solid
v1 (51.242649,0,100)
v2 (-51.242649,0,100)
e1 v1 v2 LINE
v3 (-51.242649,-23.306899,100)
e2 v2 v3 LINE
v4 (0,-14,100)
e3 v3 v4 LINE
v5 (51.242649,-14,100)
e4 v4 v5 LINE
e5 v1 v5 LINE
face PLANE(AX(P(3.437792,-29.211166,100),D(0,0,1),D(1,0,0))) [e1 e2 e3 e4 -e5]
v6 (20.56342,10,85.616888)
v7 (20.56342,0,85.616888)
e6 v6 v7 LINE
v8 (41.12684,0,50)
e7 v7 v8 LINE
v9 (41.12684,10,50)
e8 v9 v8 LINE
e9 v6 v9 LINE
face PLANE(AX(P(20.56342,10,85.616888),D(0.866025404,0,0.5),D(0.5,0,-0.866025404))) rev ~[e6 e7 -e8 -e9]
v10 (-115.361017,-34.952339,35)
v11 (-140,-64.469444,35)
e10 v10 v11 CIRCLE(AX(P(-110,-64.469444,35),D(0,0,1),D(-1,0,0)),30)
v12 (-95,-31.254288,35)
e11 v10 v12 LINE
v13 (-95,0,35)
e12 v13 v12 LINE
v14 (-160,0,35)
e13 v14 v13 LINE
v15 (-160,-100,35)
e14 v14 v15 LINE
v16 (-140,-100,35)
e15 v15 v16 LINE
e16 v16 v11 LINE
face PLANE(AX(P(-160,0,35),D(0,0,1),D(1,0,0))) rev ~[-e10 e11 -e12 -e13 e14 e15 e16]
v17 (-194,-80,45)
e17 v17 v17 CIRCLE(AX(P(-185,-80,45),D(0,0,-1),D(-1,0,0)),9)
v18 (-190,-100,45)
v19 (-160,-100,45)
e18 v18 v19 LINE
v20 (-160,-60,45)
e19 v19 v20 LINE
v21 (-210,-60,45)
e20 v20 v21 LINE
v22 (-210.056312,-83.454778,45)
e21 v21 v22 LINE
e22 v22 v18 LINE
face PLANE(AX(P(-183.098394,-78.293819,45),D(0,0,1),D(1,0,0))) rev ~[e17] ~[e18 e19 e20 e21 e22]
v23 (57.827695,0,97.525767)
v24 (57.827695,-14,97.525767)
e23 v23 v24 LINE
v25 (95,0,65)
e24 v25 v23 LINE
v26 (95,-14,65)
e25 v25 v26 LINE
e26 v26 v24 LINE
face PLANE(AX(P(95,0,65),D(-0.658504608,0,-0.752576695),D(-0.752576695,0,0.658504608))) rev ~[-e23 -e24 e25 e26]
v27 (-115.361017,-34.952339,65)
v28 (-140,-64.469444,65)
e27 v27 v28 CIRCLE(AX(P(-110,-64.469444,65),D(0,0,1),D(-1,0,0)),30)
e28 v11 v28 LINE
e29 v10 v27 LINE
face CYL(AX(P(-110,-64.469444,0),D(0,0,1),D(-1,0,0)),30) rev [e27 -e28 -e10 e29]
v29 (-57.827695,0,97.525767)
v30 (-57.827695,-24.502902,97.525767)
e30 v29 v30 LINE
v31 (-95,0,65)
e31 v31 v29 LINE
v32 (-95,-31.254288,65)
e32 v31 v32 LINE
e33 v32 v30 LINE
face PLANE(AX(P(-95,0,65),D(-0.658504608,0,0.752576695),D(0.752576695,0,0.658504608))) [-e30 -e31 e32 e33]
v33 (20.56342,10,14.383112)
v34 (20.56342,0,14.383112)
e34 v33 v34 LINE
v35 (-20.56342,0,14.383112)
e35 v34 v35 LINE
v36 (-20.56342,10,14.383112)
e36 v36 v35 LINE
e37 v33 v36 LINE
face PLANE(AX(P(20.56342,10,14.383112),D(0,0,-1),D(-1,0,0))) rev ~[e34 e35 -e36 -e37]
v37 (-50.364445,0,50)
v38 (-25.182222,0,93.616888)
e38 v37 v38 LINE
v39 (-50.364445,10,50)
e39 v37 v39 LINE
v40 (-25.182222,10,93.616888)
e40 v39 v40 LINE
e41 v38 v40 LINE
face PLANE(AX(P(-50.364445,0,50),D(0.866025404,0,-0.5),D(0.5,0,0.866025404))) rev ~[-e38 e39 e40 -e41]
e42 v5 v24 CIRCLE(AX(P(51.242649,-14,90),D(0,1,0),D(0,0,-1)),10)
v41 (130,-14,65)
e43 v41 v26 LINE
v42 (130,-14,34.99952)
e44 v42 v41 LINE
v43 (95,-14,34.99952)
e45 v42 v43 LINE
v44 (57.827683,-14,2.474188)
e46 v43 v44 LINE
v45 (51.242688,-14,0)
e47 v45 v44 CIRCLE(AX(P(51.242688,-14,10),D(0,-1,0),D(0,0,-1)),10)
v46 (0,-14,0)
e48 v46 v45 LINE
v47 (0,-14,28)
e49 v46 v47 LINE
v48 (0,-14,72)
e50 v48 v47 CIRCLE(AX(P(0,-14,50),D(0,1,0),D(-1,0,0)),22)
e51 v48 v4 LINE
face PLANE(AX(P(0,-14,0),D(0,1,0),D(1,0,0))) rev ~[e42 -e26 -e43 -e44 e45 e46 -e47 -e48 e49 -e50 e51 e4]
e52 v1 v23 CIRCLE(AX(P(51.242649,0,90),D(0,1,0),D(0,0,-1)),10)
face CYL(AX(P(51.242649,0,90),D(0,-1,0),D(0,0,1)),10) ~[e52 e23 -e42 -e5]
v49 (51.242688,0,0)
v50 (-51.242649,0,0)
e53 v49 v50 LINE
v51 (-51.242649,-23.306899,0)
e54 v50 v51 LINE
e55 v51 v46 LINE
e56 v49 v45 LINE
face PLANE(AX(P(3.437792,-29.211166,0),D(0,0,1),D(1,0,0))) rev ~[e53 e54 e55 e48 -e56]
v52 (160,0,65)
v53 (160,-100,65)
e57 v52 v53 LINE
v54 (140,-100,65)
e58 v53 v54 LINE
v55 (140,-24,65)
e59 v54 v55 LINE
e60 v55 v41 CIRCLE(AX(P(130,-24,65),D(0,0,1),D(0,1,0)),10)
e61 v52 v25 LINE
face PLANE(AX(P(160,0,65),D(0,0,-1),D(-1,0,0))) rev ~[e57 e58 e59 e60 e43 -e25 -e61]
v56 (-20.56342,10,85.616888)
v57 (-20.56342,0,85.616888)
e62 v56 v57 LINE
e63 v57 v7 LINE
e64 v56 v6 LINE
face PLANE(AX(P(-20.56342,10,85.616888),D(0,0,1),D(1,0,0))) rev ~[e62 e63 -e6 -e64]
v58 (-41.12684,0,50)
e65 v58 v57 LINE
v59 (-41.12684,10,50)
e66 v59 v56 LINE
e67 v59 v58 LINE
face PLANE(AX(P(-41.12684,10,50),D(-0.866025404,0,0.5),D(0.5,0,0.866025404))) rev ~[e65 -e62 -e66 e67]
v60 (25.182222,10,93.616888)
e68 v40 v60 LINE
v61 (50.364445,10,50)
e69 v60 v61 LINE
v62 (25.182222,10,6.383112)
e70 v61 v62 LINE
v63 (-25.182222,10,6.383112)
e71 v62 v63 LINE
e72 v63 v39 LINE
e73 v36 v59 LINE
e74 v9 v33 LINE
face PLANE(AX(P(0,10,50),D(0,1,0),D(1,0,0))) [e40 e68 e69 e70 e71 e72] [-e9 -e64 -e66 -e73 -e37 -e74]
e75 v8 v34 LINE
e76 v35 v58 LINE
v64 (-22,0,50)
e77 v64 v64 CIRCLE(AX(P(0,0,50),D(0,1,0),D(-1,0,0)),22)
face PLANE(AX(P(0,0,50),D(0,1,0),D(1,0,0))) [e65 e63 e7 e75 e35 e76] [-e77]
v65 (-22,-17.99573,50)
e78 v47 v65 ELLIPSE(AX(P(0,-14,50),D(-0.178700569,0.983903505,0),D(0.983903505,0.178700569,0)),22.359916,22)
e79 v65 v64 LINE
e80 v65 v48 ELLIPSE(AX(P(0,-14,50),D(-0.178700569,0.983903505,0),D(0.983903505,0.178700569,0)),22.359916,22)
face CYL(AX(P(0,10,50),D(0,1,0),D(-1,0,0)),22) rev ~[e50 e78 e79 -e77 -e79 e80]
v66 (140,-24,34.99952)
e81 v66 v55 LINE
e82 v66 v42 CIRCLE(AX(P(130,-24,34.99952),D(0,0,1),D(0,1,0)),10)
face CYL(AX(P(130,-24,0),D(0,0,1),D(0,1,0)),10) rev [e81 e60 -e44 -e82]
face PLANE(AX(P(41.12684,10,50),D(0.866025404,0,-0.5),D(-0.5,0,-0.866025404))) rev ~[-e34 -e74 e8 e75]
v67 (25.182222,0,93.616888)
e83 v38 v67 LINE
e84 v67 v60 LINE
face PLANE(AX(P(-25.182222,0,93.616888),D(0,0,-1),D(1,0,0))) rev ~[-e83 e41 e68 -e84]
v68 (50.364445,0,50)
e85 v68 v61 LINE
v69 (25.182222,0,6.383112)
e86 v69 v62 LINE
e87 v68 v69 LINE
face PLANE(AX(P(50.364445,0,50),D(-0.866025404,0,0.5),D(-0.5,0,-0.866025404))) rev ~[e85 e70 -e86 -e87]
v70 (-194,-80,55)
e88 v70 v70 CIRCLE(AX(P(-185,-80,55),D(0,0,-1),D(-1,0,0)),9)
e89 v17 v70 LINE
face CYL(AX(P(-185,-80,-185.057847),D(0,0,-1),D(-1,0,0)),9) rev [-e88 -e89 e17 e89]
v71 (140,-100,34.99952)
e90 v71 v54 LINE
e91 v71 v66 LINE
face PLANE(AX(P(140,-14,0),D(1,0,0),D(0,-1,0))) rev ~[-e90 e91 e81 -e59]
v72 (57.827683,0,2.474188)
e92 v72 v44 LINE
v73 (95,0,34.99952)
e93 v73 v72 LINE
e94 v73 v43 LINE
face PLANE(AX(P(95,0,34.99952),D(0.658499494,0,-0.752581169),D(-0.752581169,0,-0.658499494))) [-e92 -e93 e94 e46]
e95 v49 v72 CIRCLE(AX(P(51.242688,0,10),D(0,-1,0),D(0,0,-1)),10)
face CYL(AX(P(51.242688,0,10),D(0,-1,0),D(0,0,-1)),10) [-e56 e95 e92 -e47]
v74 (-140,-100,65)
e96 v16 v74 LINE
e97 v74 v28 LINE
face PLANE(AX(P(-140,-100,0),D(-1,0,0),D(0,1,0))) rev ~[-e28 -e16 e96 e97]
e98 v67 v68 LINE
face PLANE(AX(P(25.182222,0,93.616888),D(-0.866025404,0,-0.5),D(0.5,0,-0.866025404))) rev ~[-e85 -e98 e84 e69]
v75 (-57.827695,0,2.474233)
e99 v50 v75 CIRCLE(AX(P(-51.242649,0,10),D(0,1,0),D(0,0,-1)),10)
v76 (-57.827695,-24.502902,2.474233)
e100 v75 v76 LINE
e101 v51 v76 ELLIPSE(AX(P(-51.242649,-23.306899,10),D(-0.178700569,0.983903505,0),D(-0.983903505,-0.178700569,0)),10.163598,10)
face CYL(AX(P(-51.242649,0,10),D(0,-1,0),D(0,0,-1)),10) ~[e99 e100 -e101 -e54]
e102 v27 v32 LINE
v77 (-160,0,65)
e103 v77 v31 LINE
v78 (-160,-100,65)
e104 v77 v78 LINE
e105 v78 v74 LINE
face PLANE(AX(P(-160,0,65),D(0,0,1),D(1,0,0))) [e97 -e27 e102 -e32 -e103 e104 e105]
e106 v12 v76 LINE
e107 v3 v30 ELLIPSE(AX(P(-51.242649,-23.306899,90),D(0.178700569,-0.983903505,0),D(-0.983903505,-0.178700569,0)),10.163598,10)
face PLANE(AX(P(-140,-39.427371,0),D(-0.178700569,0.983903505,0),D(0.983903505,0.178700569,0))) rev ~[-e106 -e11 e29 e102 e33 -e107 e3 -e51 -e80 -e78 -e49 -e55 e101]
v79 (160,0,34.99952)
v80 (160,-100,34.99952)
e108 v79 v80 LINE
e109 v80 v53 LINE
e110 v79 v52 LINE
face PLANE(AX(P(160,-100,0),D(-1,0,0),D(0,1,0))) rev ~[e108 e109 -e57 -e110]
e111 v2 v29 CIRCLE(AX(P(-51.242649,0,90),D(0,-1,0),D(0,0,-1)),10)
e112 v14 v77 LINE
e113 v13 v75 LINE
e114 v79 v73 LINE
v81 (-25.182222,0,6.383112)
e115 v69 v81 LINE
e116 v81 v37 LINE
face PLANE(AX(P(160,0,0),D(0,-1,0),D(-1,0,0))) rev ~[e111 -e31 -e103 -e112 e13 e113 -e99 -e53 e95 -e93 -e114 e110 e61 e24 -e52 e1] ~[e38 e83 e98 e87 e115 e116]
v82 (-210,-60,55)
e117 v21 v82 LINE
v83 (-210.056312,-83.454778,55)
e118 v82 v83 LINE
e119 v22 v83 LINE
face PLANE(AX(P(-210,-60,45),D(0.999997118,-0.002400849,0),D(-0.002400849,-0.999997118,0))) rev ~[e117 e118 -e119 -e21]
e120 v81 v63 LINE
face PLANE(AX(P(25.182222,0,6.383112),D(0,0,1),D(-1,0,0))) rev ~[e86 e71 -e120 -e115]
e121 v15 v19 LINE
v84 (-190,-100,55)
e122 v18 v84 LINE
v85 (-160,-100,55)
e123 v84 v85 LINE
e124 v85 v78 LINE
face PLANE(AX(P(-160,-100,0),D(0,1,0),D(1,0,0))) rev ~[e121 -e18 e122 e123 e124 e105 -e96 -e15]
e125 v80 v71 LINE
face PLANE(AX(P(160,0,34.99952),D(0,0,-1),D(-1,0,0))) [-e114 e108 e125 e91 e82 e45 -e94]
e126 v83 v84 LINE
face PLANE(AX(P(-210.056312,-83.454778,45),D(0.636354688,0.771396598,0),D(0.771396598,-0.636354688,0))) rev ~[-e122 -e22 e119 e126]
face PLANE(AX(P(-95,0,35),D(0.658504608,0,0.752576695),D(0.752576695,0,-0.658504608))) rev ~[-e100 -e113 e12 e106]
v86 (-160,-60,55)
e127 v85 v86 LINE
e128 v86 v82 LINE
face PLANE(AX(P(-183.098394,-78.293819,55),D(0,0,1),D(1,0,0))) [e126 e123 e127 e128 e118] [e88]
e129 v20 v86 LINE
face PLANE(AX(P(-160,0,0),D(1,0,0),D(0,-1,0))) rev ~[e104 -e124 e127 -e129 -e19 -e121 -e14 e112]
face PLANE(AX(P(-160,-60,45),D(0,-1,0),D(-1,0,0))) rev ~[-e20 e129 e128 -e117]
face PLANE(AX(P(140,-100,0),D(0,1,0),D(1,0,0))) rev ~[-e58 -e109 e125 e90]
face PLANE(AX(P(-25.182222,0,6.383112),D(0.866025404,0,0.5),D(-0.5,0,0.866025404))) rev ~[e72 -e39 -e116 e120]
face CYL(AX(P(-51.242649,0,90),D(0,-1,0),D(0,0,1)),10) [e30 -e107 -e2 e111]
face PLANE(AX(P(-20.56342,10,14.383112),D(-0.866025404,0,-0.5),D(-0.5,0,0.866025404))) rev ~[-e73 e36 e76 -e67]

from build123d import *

# Parameters (mm, degrees)
BOSS_EXTRUDE1_DEPTH      = 100
FILLET1_R                = 30
FILLET2_R                = 10
CUT_EXTRUDE1_DEPTH       = 100
CUT_EXTRUDE2_DEPTH       = 100
CUT_EXTRUDE3_DEPTH       = 100
CUT_EXTRUDE4_DEPTH       = 100
FILLET3_R                = 10
SKETCH9_R                = 22
CUT_EXTRUDE5_DEPTH       = 100
BOSS_EXTRUDE2_DEPTH      = 10
SKETCH11_R               = 22
CUT_EXTRUDE6_DEPTH       = 10
CUT_EXTRUDE7_DEPTH       = 10
BOSS_EXTRUDE3_DEPTH      = 5
BOSS_EXTRUDE3_DEPTH_BACK = 5
CUT_EXTRUDE10_DEPTH      = 240.057846604
CUT_EXTRUDE10_DEPTH_BACK = 240.057846604
SKETCH15_R               = 9


with BuildPart() as part:
    # Sketch2 → Boss-Extrude1 (new body)
    with BuildSketch(Plane.XY):
        Polygon((160, 0), (-160, 0), (-160, -100), (-140, -100), (-140, -39.427371229), (0, -14), (140, -14), (140, -100), (160, -100), align=None)
    extrude(amount=BOSS_EXTRUDE1_DEPTH)

    # Fillet1
    fillet1_edges = [part.edges().sort_by_distance(p)[0] for p in [
        (-140, -39.427371229, 50),
    ]]
    fillet(fillet1_edges, radius=FILLET1_R)

    # Fillet2
    fillet2_edges = [part.edges().sort_by_distance(p)[0] for p in [
        (140, -14, 50),
    ]]
    fillet(fillet2_edges, radius=FILLET2_R)

    # Sketch5 → Cut-Extrude1 (cut)
    with BuildSketch(Plane(origin=(0, 0, 0), x_dir=(1, 0, 0), z_dir=(0, 1, 0))):
        Polygon((-160, 0), (-160, -35), (-95, -35), (-55, 0), align=None)
    extrude(amount=-CUT_EXTRUDE1_DEPTH, mode=Mode.SUBTRACT)

    # Sketch6 → Cut-Extrude2 (cut)
    with BuildSketch(Plane(origin=(0, 0, 0), x_dir=(1, 0, 0), z_dir=(0, 1, 0))):
        Polygon((-160, -100), (-160, -65), (-95, -65), (-55, -100), align=None)
    extrude(amount=-CUT_EXTRUDE2_DEPTH, mode=Mode.SUBTRACT)

    # Sketch7 → Cut-Extrude3 (cut)
    with BuildSketch(Plane(origin=(0, 0, 0), x_dir=(1, 0, 0), z_dir=(0, 1, 0))):
        Polygon((160, 0), (160, -34.999520122), (95, -34.999520122), (55, 0), align=None)
    extrude(amount=-CUT_EXTRUDE3_DEPTH, mode=Mode.SUBTRACT)

    # Sketch8 → Cut-Extrude4 (cut)
    with BuildSketch(Plane(origin=(0, 0, 0), x_dir=(1, 0, 0), z_dir=(0, 1, 0))):
        Polygon((160, -100), (160, -65), (95, -65), (55, -100), align=None)
    extrude(amount=-CUT_EXTRUDE4_DEPTH, mode=Mode.SUBTRACT)

    # Fillet3
    fillet3_edges = [part.edges().sort_by_distance(p)[0] for p in [
        (55, -7, 100),
        (-55, -11.994662206, 0),
        (-55, -11.994662206, 100),
        (55, -7, 0),
    ]]
    fillet(fillet3_edges, radius=FILLET3_R)

    # Sketch9 → Cut-Extrude5 (cut)
    with BuildSketch(Plane(origin=(0, 0, 0), x_dir=(1, 0, 0), z_dir=(0, 1, 0))):
        with Locations(Location((0, -50, 0), (0, 0, 180))):
            Circle(SKETCH9_R)
    extrude(amount=-CUT_EXTRUDE5_DEPTH, mode=Mode.SUBTRACT)

    # Sketch10 → Boss-Extrude2 (add)
    with BuildSketch(Plane(origin=(0, 0, 0), x_dir=(1, 0, 0), z_dir=(0, 1, 0))):
        Polygon((-25.182222271, -6.383111579), (-50.364444542, -50), (-25.182222271, -93.616888421), (25.182222271, -93.616888421), (50.364444542, -50), (25.182222271, -6.383111579), align=None)
    extrude(amount=BOSS_EXTRUDE2_DEPTH)

    # Sketch11 → Cut-Extrude6 (cut)
    with BuildSketch(Plane(origin=(0, 10, 0), x_dir=(1, 0, 0), z_dir=(0, 1, 0))):
        with Locations(Location((0, -50, 0), (0, 0, 180))):
            Circle(SKETCH11_R)
    extrude(amount=-CUT_EXTRUDE6_DEPTH, mode=Mode.SUBTRACT)

    # Sketch12 → Cut-Extrude7 (cut)
    with BuildSketch(Plane(origin=(0, 10, 0), x_dir=(1, 0, 0), z_dir=(0, 1, 0))):
        Polygon((41.126840235, -50), (20.563420118, -14.383111579), (-20.563420118, -14.383111579), (-41.126840235, -50), (-20.563420118, -85.616888421), (20.563420118, -85.616888421), align=None)
    extrude(amount=-CUT_EXTRUDE7_DEPTH, mode=Mode.SUBTRACT)

    # Sketch14 → Boss-Extrude3 (add, two sides: drawn at the far end of the back side and taken through both)
    with BuildSketch(Plane.XY.offset(50).offset(-BOSS_EXTRUDE3_DEPTH_BACK)):
        Polygon((-160, -100), (-160, -60), (-210, -60), (-210.056311552, -83.454778124), (-190, -100), align=None)
    extrude(amount=BOSS_EXTRUDE3_DEPTH + BOSS_EXTRUDE3_DEPTH_BACK)

    # Sketch15 → Cut-Extrude10 (cut, two sides: drawn at the far end of the back side and taken through both)
    with BuildSketch(Plane.XY.offset(55).offset(-CUT_EXTRUDE10_DEPTH_BACK)):
        with Locations(Location((-185, -80, 0), (0, 0, 180))):
            Circle(SKETCH15_R)
    extrude(amount=CUT_EXTRUDE10_DEPTH + CUT_EXTRUDE10_DEPTH_BACK, mode=Mode.SUBTRACT)


solid = part.part
